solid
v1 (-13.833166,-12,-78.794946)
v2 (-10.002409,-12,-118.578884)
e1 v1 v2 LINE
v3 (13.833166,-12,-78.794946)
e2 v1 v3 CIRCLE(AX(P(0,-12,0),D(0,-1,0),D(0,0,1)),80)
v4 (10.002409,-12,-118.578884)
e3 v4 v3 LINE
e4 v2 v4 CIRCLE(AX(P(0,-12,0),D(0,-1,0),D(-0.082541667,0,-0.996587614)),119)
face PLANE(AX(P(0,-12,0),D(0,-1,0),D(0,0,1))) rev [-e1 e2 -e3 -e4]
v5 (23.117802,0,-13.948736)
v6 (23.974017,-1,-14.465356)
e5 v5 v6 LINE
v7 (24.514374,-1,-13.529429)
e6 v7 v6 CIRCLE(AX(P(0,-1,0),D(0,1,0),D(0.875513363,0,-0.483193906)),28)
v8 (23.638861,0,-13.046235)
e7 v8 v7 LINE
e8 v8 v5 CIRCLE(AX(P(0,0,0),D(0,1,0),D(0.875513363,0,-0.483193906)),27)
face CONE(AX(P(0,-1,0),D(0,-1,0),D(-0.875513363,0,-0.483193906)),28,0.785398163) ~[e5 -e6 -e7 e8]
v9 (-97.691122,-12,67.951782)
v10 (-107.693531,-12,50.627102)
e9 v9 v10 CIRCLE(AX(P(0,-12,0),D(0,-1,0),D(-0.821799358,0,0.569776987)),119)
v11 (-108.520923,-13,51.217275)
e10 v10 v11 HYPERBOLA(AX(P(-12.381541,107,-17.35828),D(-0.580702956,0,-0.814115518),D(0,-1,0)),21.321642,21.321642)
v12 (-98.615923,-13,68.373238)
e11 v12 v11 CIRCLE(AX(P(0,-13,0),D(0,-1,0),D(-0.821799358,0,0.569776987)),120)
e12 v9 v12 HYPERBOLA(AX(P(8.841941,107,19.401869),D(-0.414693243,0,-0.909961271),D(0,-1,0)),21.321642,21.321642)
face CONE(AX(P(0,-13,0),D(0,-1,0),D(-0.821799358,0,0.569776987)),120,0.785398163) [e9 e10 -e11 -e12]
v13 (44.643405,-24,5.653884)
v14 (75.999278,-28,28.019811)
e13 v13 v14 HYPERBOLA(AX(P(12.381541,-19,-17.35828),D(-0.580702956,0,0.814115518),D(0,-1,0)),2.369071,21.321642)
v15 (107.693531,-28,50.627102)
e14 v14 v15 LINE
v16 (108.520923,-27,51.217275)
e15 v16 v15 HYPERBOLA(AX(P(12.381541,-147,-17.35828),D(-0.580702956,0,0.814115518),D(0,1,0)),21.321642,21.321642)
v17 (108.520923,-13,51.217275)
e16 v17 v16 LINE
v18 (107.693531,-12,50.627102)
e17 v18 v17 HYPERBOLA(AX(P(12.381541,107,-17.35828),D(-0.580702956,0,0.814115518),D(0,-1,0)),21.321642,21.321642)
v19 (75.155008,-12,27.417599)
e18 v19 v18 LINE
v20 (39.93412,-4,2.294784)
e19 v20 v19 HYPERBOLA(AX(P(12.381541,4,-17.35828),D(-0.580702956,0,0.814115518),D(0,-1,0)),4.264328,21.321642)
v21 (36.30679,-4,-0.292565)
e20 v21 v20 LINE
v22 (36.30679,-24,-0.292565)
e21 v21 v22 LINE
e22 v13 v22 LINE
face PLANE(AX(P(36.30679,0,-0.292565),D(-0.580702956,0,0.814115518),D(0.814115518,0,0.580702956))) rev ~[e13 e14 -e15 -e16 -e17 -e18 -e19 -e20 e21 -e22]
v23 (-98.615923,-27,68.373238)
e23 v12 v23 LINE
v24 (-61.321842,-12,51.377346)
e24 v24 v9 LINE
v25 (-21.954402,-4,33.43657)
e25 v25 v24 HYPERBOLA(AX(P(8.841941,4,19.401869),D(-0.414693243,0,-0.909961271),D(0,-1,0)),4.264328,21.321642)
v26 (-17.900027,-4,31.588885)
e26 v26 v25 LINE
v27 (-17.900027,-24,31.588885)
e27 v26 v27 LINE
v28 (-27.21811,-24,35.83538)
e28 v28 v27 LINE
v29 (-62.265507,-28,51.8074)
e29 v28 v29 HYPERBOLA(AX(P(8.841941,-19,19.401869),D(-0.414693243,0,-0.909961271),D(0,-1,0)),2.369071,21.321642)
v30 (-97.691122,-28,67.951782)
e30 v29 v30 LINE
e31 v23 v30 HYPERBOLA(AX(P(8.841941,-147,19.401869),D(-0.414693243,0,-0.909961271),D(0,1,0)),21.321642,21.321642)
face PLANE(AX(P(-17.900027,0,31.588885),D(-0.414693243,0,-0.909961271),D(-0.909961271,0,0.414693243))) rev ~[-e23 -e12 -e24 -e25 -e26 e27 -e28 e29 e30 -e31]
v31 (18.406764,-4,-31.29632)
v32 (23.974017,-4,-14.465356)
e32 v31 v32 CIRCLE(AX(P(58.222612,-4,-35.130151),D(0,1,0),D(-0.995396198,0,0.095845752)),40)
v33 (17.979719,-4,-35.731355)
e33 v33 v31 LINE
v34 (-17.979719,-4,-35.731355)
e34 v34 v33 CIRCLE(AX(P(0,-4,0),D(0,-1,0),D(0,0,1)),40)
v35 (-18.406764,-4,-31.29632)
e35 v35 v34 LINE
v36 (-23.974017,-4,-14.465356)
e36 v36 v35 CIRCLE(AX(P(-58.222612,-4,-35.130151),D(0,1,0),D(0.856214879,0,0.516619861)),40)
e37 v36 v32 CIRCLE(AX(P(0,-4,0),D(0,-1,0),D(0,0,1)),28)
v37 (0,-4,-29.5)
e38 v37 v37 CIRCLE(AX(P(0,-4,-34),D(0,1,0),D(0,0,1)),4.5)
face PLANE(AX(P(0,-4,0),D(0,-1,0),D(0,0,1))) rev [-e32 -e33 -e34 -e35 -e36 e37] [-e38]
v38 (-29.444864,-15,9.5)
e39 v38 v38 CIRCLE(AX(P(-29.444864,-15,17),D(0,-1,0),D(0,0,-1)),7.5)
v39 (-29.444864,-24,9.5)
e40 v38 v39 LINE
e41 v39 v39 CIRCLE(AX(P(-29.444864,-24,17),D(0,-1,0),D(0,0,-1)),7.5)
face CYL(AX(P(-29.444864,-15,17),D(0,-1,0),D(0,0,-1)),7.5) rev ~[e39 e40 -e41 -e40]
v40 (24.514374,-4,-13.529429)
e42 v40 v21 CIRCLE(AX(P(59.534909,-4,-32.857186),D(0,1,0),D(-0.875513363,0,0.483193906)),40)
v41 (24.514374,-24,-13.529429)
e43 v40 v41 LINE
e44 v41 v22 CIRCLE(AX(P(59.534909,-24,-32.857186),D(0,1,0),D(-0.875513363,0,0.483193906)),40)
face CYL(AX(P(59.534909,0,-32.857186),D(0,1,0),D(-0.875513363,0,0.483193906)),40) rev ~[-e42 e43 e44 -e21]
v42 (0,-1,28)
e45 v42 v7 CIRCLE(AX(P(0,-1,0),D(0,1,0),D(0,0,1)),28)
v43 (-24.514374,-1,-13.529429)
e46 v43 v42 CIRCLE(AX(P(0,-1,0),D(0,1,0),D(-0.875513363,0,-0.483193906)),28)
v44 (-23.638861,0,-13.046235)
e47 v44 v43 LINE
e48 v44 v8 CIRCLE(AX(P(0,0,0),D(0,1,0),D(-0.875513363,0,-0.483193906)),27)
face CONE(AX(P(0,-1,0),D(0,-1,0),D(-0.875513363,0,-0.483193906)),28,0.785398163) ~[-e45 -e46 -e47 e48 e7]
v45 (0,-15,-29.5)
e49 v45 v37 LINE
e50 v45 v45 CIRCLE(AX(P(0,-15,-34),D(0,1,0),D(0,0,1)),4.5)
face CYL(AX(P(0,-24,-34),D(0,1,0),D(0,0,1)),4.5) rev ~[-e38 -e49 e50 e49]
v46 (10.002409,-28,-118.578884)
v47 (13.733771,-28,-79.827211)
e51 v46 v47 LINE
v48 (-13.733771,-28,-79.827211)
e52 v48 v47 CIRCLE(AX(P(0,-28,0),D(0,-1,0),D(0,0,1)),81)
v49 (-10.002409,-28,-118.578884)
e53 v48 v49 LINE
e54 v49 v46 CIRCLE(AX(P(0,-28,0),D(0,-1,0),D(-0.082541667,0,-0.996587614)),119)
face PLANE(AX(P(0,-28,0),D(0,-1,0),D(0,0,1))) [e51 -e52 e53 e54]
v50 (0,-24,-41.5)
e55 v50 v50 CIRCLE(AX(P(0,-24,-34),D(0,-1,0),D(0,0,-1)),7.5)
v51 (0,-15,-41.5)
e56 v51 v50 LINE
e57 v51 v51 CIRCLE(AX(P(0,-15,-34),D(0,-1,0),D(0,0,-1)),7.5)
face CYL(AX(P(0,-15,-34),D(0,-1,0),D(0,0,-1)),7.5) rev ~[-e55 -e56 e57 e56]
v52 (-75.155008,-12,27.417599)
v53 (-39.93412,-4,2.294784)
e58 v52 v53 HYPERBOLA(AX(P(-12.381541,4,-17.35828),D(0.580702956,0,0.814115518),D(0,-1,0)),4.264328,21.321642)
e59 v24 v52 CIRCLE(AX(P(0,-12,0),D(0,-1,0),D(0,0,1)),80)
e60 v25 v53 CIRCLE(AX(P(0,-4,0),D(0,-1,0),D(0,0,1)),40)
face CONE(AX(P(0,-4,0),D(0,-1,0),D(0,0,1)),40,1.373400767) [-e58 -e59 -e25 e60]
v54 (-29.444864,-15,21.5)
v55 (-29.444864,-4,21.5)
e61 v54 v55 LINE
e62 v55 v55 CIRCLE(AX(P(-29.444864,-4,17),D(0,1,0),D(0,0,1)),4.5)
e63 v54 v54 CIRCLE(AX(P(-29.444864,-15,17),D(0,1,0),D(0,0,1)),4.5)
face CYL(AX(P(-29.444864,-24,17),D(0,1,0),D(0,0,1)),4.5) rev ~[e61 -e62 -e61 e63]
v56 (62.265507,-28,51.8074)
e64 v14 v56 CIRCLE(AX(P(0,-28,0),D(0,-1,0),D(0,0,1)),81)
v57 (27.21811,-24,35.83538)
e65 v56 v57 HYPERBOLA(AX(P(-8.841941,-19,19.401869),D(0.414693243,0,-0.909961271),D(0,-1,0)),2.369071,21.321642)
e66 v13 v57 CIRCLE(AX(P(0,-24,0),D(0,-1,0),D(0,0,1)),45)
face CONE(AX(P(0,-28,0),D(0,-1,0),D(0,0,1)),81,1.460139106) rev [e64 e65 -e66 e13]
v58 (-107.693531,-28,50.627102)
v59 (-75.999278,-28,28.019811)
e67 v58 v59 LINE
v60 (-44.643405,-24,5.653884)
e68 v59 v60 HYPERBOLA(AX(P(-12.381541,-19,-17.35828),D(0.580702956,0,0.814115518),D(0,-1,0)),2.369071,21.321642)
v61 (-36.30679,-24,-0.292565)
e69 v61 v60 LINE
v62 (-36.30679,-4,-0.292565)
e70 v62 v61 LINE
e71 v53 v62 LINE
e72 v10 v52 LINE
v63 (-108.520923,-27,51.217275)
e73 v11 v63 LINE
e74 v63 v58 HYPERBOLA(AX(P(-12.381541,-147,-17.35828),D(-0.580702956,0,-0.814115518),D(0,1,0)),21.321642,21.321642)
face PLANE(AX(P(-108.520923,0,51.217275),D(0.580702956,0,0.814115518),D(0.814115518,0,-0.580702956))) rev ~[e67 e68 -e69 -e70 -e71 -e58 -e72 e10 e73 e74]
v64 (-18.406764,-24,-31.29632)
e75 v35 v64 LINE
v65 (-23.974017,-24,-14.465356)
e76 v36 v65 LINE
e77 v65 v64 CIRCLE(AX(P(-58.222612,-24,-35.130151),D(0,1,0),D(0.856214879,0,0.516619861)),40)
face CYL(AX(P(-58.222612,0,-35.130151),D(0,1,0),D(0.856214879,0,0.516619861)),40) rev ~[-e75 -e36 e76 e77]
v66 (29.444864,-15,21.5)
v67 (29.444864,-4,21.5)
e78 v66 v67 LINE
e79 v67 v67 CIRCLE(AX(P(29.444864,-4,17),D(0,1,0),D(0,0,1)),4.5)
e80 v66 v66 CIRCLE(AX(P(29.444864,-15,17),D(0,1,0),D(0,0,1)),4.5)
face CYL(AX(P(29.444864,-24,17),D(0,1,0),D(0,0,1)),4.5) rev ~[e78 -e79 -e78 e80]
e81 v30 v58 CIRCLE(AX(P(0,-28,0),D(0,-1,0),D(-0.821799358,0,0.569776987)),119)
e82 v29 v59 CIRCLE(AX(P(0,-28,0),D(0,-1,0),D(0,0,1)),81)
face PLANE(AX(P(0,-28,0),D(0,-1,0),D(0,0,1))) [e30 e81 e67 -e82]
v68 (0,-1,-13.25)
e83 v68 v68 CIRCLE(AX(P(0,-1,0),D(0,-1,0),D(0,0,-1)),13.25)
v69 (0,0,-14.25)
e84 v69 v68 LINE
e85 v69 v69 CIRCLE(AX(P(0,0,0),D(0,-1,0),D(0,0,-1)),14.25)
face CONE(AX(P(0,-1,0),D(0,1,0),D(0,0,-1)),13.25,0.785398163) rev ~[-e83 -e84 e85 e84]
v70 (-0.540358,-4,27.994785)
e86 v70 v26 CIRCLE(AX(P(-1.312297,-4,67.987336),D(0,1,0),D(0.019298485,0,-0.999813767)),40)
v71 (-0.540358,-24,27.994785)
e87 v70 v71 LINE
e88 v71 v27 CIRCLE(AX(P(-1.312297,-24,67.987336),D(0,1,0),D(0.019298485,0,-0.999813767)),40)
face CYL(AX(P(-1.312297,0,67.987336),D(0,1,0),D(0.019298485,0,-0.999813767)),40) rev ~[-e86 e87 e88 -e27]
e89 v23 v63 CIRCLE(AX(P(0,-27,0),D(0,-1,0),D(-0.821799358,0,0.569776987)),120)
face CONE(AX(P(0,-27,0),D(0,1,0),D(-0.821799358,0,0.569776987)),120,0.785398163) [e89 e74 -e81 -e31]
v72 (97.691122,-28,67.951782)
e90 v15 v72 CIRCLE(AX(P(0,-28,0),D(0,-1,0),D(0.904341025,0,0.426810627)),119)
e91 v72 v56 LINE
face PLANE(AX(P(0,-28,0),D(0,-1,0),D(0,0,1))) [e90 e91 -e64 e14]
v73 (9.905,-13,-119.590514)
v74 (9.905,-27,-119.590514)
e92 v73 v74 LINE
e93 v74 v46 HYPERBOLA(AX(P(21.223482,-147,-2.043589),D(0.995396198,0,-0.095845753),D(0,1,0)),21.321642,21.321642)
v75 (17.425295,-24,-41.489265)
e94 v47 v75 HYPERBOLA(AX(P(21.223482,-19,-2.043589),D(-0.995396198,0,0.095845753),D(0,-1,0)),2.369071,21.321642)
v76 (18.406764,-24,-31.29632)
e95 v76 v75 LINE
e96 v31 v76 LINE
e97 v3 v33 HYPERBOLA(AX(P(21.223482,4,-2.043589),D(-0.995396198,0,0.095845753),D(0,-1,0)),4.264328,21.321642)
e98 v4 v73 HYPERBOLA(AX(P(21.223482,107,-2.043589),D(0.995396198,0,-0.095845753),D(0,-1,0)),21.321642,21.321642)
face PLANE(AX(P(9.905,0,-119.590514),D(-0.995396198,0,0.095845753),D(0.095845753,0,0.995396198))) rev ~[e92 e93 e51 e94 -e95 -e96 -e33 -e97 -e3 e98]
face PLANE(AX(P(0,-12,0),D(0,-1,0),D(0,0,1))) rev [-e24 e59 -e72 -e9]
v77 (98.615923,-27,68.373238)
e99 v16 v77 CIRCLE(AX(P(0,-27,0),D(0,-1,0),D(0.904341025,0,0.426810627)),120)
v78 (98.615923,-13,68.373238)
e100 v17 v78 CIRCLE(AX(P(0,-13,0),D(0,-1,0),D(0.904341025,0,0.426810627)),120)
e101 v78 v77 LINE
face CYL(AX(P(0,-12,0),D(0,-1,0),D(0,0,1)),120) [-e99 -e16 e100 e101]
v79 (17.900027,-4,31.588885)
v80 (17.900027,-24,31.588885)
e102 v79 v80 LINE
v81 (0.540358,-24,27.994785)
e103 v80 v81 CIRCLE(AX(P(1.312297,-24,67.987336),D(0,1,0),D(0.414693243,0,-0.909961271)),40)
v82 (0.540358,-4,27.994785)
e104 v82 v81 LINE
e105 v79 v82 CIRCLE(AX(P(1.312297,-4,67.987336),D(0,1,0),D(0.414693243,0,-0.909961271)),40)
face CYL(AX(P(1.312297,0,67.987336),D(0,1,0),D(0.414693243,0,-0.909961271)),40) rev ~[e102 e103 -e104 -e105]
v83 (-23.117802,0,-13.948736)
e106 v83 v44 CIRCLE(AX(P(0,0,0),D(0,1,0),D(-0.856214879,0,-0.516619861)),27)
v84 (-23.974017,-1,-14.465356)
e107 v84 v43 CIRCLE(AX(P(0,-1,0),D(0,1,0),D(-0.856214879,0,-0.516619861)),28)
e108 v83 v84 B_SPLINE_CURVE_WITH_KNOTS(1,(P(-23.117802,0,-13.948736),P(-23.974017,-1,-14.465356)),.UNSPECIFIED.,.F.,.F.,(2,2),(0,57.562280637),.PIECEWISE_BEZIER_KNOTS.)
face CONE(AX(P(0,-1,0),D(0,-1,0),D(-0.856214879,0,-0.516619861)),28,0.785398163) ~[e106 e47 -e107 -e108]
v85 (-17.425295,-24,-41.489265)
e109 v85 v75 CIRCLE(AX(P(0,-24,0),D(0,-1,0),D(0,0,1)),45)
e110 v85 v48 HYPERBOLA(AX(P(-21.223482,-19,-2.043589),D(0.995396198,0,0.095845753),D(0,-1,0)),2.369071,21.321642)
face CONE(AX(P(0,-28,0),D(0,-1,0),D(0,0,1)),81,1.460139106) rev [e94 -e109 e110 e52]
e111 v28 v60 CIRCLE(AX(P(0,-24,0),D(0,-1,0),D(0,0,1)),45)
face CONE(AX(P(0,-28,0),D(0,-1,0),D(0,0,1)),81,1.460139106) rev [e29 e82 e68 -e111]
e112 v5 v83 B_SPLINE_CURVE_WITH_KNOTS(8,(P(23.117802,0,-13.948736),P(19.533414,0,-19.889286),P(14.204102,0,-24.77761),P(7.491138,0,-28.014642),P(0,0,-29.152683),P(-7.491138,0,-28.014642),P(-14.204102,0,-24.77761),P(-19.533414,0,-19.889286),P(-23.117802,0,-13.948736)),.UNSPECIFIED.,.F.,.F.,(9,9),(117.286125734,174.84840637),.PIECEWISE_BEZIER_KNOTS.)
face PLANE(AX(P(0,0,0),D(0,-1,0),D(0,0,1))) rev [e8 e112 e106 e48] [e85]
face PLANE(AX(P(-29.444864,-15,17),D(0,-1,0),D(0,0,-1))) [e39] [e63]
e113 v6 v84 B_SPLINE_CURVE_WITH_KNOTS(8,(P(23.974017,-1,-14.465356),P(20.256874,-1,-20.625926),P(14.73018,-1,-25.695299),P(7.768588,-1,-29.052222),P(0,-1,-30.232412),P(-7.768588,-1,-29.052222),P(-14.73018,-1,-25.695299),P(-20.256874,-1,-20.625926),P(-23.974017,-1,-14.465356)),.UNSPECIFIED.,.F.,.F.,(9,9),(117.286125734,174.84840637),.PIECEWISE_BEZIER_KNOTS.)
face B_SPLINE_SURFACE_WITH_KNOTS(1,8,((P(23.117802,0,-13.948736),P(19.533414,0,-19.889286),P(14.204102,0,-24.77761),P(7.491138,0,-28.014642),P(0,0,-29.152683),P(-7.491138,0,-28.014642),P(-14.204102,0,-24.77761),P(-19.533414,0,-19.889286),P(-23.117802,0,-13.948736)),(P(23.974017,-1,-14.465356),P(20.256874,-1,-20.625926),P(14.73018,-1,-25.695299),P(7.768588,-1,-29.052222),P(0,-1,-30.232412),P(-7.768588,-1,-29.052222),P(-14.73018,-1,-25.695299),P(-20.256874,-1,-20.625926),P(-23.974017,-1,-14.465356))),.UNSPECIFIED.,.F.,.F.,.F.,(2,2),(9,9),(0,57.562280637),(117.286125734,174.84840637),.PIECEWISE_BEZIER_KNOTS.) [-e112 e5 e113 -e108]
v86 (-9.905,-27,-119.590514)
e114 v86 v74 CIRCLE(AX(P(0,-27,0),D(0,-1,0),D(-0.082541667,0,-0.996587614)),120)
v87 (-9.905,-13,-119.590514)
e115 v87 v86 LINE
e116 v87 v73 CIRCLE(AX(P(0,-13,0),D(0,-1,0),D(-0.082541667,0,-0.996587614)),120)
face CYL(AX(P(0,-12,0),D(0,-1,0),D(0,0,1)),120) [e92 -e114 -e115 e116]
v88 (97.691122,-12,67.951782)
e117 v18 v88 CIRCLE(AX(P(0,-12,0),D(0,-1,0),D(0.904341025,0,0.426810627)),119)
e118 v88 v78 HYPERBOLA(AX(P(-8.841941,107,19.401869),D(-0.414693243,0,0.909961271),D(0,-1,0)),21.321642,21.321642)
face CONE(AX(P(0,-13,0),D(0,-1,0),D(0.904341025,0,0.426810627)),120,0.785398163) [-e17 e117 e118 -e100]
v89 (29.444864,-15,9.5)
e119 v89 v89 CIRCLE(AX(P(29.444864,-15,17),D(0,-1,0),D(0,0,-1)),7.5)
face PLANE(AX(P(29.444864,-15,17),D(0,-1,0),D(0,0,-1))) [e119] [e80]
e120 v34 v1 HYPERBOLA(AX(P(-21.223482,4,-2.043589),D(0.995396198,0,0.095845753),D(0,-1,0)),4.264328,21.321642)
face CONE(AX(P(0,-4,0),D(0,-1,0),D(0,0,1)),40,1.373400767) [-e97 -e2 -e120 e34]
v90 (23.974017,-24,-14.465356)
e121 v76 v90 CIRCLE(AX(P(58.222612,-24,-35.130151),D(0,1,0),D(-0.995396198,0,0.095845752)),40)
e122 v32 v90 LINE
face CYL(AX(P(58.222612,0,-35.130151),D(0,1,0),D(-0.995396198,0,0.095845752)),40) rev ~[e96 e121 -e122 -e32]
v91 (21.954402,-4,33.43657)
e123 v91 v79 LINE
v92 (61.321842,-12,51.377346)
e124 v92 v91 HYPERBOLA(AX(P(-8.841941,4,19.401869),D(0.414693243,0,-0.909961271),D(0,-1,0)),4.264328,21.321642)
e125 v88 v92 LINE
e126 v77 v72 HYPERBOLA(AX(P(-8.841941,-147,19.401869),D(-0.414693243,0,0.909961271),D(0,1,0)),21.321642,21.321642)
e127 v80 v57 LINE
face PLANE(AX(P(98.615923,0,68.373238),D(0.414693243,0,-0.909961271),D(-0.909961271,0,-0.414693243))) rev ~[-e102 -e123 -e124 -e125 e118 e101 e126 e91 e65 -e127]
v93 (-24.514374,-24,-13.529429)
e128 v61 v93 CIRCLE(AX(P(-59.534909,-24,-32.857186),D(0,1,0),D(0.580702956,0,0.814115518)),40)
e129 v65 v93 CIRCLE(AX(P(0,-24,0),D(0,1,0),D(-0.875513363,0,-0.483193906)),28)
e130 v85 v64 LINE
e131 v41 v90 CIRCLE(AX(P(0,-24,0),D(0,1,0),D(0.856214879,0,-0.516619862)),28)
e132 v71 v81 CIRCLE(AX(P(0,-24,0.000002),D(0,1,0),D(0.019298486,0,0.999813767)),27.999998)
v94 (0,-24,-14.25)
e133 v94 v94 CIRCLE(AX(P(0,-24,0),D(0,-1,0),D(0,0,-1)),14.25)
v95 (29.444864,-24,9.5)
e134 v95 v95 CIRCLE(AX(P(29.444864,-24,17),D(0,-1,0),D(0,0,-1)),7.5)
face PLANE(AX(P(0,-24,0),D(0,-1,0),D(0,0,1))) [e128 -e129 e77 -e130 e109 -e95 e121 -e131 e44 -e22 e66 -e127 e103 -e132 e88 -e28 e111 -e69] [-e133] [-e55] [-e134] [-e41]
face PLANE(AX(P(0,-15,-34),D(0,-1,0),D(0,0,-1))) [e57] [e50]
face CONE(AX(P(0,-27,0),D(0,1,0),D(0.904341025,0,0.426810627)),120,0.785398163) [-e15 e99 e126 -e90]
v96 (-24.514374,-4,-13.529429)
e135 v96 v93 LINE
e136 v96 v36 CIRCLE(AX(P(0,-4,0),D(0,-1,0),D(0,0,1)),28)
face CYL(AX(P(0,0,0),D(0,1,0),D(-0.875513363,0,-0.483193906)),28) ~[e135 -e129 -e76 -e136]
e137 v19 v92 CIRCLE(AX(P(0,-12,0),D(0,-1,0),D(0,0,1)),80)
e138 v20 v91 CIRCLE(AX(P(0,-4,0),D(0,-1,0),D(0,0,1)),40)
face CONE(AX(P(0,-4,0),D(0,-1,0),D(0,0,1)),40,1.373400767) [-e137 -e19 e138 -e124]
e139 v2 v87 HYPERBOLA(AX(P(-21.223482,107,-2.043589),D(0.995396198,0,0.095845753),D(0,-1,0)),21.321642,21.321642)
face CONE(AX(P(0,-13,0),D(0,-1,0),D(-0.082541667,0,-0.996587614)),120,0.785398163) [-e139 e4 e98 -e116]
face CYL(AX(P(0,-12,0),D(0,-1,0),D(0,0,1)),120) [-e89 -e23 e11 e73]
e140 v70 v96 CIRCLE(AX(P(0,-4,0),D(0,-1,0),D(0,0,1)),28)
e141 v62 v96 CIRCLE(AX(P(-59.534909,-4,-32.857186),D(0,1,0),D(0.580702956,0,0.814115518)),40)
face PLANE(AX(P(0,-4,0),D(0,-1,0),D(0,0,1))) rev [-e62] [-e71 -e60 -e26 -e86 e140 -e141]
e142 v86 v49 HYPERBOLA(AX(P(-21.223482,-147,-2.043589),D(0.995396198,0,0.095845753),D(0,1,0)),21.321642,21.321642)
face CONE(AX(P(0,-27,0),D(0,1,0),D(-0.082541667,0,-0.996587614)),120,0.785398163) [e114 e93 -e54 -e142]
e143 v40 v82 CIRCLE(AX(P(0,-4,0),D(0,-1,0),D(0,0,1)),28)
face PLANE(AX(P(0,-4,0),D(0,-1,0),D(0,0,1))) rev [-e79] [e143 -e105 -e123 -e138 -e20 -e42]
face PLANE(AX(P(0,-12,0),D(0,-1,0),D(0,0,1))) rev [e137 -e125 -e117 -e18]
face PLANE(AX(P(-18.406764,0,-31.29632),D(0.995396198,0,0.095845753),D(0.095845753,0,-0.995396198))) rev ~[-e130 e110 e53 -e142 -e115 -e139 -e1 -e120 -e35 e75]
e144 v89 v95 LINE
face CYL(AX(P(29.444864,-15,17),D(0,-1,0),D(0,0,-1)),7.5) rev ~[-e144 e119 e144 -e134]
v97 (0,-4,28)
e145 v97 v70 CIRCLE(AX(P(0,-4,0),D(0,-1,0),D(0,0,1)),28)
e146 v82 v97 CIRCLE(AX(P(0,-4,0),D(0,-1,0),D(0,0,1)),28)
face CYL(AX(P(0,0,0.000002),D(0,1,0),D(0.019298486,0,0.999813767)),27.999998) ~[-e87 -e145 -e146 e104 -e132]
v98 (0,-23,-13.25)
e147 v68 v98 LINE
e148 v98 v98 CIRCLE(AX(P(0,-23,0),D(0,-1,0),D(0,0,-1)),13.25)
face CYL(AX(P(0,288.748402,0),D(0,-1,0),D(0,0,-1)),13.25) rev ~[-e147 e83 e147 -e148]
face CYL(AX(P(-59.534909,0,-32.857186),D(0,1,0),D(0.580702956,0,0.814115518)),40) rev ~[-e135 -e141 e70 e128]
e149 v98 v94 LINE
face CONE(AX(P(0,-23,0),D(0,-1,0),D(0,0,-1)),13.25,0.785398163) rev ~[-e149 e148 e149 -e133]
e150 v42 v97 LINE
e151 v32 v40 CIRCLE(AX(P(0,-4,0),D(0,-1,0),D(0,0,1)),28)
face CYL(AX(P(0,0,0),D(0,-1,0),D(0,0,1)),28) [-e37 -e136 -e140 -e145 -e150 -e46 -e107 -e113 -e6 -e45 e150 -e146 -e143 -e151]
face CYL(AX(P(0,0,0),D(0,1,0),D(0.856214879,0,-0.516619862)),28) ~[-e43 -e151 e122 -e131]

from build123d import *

# Parameters (mm, degrees)
SKETCH_4_OUTSIDE_W        = 310.112
SKETCH_4_OUTSIDE_H        = 310.112
CUT_EXTRUDE_1_DEPTH       = 28
HOLE_WIZARD_1_D           = 9
HOLE_WIZARD_1_CBORE_D     = 15
HOLE_WIZARD_1_CBORE_DEPTH = 9
HOLE_WIZARD_M30_2_D       = 26.5
CHAMFER_1_SIZE            = 1


with BuildPart() as part:
    # 草图3 → 旋转1 (revolve)
    with BuildSketch(Plane.XY, mode=Mode.PRIVATE) as revolve_1_sk:
        Polygon((0, 0), (-28, 0), (-28, -4), (-40, -4), (-80, -12), (-120, -12), (-120, -28), (-81, -28), (-45, -24), (0, -24), align=None)
    revolve(revolve_1_sk.sketch.rotate(Axis((0, 0, 0), (0, -1, 0)), 270), axis=Axis((0, 0, 0), (0, -1, 0)))

    # 草图4 outside → 切除-拉伸1 (cut)
    with BuildSketch(Plane(origin=(0, 0, 0), x_dir=(1, 0, 0), z_dir=(0, 1, 0))):
        Rectangle(SKETCH_4_OUTSIDE_W, SKETCH_4_OUTSIDE_H)
        with BuildLine():
            Line((-18.406763831, 31.296320472), (-9.905, 119.590513733))
            ThreePointArc((-9.905, 119.590513733), (0, 120), (9.905, 119.590513733))
            Line((9.905, 119.590513733), (18.406763831, 31.296320472))
            ThreePointArc((18.406763831, 31.296320472), (20.246227355, 22.568533354), (23.974016609, 14.465356118))
            ThreePointArc((23.974016609, 14.465356118), (24.248711306, 14), (24.514374178, 13.529429355))
            ThreePointArc((24.514374178, 13.529429355), (29.668036888, 6.249480544), (36.306790489, 0.292564843))
            Line((36.306790489, 0.292564843), (108.520922945, -51.217275242))
            ThreePointArc((108.520922945, -51.217275242), (103.923048454, -60), (98.615922945, -68.373238491))
            Line((98.615922945, -68.373238491), (17.900026658, -31.588885314))
            ThreePointArc((17.900026658, -31.588885314), (9.421809533, -28.818013897), (0.540357568, -27.994785473))
            ThreePointArc((0.540357568, -27.994785473), (0, -28), (-0.540357568, -27.994785473))
            ThreePointArc((-0.540357568, -27.994785473), (-9.421809533, -28.818013897), (-17.900026658, -31.588885314))
            Line((-17.900026658, -31.588885314), (-98.615922945, -68.373238491))
            ThreePointArc((-98.615922945, -68.373238491), (-103.923048454, -60), (-108.520922945, -51.217275242))
            Line((-108.520922945, -51.217275242), (-36.306790489, 0.292564843))
            ThreePointArc((-36.306790489, 0.292564843), (-29.668036888, 6.249480544), (-24.514374178, 13.529429355))
            ThreePointArc((-24.514374178, 13.529429355), (-24.248711306, 14), (-23.974016609, 14.465356118))
            ThreePointArc((-23.974016609, 14.465356118), (-20.246227355, 22.568533354), (-18.406763831, 31.296320472))
        make_face(mode=Mode.SUBTRACT)
    extrude(amount=-CUT_EXTRUDE_1_DEPTH, mode=Mode.SUBTRACT)

    # 打孔尺寸(%根据)内六角圆柱头螺钉的类型1 (through all)
    with Locations(Plane(origin=(0, -24, -34), x_dir=(0, 0, -1), z_dir=(0, -1, 0))):
        with Locations((0, 0), (-51, 29.444863729), (-51, -29.444863729)):
            CounterBoreHole(HOLE_WIZARD_1_D / 2, HOLE_WIZARD_1_CBORE_D / 2, HOLE_WIZARD_1_CBORE_DEPTH)

    # M30 螺纹孔2 (through all)
    with Locations(Plane.ZX):
        with Locations((0, 0)):
            Hole(HOLE_WIZARD_M30_2_D / 2)

    # 倒角1
    chamfer_1_edges = [part.edges().sort_by_distance(p)[0] for p in [
        (-0.270191364, 0, 27.998696338),
        (0, 0, 13.25),
        (0, -24, 13.25),
        (0, -28, -120),
        (-103.923048454, -28, 60),
        (0, -12, -120),
        (-103.923048454, -12, 60),
        (103.923048454, -28, 60),
        (103.923048454, -12, 60),
    ]]
    chamfer(chamfer_1_edges, length=CHAMFER_1_SIZE)


solid = part.part
